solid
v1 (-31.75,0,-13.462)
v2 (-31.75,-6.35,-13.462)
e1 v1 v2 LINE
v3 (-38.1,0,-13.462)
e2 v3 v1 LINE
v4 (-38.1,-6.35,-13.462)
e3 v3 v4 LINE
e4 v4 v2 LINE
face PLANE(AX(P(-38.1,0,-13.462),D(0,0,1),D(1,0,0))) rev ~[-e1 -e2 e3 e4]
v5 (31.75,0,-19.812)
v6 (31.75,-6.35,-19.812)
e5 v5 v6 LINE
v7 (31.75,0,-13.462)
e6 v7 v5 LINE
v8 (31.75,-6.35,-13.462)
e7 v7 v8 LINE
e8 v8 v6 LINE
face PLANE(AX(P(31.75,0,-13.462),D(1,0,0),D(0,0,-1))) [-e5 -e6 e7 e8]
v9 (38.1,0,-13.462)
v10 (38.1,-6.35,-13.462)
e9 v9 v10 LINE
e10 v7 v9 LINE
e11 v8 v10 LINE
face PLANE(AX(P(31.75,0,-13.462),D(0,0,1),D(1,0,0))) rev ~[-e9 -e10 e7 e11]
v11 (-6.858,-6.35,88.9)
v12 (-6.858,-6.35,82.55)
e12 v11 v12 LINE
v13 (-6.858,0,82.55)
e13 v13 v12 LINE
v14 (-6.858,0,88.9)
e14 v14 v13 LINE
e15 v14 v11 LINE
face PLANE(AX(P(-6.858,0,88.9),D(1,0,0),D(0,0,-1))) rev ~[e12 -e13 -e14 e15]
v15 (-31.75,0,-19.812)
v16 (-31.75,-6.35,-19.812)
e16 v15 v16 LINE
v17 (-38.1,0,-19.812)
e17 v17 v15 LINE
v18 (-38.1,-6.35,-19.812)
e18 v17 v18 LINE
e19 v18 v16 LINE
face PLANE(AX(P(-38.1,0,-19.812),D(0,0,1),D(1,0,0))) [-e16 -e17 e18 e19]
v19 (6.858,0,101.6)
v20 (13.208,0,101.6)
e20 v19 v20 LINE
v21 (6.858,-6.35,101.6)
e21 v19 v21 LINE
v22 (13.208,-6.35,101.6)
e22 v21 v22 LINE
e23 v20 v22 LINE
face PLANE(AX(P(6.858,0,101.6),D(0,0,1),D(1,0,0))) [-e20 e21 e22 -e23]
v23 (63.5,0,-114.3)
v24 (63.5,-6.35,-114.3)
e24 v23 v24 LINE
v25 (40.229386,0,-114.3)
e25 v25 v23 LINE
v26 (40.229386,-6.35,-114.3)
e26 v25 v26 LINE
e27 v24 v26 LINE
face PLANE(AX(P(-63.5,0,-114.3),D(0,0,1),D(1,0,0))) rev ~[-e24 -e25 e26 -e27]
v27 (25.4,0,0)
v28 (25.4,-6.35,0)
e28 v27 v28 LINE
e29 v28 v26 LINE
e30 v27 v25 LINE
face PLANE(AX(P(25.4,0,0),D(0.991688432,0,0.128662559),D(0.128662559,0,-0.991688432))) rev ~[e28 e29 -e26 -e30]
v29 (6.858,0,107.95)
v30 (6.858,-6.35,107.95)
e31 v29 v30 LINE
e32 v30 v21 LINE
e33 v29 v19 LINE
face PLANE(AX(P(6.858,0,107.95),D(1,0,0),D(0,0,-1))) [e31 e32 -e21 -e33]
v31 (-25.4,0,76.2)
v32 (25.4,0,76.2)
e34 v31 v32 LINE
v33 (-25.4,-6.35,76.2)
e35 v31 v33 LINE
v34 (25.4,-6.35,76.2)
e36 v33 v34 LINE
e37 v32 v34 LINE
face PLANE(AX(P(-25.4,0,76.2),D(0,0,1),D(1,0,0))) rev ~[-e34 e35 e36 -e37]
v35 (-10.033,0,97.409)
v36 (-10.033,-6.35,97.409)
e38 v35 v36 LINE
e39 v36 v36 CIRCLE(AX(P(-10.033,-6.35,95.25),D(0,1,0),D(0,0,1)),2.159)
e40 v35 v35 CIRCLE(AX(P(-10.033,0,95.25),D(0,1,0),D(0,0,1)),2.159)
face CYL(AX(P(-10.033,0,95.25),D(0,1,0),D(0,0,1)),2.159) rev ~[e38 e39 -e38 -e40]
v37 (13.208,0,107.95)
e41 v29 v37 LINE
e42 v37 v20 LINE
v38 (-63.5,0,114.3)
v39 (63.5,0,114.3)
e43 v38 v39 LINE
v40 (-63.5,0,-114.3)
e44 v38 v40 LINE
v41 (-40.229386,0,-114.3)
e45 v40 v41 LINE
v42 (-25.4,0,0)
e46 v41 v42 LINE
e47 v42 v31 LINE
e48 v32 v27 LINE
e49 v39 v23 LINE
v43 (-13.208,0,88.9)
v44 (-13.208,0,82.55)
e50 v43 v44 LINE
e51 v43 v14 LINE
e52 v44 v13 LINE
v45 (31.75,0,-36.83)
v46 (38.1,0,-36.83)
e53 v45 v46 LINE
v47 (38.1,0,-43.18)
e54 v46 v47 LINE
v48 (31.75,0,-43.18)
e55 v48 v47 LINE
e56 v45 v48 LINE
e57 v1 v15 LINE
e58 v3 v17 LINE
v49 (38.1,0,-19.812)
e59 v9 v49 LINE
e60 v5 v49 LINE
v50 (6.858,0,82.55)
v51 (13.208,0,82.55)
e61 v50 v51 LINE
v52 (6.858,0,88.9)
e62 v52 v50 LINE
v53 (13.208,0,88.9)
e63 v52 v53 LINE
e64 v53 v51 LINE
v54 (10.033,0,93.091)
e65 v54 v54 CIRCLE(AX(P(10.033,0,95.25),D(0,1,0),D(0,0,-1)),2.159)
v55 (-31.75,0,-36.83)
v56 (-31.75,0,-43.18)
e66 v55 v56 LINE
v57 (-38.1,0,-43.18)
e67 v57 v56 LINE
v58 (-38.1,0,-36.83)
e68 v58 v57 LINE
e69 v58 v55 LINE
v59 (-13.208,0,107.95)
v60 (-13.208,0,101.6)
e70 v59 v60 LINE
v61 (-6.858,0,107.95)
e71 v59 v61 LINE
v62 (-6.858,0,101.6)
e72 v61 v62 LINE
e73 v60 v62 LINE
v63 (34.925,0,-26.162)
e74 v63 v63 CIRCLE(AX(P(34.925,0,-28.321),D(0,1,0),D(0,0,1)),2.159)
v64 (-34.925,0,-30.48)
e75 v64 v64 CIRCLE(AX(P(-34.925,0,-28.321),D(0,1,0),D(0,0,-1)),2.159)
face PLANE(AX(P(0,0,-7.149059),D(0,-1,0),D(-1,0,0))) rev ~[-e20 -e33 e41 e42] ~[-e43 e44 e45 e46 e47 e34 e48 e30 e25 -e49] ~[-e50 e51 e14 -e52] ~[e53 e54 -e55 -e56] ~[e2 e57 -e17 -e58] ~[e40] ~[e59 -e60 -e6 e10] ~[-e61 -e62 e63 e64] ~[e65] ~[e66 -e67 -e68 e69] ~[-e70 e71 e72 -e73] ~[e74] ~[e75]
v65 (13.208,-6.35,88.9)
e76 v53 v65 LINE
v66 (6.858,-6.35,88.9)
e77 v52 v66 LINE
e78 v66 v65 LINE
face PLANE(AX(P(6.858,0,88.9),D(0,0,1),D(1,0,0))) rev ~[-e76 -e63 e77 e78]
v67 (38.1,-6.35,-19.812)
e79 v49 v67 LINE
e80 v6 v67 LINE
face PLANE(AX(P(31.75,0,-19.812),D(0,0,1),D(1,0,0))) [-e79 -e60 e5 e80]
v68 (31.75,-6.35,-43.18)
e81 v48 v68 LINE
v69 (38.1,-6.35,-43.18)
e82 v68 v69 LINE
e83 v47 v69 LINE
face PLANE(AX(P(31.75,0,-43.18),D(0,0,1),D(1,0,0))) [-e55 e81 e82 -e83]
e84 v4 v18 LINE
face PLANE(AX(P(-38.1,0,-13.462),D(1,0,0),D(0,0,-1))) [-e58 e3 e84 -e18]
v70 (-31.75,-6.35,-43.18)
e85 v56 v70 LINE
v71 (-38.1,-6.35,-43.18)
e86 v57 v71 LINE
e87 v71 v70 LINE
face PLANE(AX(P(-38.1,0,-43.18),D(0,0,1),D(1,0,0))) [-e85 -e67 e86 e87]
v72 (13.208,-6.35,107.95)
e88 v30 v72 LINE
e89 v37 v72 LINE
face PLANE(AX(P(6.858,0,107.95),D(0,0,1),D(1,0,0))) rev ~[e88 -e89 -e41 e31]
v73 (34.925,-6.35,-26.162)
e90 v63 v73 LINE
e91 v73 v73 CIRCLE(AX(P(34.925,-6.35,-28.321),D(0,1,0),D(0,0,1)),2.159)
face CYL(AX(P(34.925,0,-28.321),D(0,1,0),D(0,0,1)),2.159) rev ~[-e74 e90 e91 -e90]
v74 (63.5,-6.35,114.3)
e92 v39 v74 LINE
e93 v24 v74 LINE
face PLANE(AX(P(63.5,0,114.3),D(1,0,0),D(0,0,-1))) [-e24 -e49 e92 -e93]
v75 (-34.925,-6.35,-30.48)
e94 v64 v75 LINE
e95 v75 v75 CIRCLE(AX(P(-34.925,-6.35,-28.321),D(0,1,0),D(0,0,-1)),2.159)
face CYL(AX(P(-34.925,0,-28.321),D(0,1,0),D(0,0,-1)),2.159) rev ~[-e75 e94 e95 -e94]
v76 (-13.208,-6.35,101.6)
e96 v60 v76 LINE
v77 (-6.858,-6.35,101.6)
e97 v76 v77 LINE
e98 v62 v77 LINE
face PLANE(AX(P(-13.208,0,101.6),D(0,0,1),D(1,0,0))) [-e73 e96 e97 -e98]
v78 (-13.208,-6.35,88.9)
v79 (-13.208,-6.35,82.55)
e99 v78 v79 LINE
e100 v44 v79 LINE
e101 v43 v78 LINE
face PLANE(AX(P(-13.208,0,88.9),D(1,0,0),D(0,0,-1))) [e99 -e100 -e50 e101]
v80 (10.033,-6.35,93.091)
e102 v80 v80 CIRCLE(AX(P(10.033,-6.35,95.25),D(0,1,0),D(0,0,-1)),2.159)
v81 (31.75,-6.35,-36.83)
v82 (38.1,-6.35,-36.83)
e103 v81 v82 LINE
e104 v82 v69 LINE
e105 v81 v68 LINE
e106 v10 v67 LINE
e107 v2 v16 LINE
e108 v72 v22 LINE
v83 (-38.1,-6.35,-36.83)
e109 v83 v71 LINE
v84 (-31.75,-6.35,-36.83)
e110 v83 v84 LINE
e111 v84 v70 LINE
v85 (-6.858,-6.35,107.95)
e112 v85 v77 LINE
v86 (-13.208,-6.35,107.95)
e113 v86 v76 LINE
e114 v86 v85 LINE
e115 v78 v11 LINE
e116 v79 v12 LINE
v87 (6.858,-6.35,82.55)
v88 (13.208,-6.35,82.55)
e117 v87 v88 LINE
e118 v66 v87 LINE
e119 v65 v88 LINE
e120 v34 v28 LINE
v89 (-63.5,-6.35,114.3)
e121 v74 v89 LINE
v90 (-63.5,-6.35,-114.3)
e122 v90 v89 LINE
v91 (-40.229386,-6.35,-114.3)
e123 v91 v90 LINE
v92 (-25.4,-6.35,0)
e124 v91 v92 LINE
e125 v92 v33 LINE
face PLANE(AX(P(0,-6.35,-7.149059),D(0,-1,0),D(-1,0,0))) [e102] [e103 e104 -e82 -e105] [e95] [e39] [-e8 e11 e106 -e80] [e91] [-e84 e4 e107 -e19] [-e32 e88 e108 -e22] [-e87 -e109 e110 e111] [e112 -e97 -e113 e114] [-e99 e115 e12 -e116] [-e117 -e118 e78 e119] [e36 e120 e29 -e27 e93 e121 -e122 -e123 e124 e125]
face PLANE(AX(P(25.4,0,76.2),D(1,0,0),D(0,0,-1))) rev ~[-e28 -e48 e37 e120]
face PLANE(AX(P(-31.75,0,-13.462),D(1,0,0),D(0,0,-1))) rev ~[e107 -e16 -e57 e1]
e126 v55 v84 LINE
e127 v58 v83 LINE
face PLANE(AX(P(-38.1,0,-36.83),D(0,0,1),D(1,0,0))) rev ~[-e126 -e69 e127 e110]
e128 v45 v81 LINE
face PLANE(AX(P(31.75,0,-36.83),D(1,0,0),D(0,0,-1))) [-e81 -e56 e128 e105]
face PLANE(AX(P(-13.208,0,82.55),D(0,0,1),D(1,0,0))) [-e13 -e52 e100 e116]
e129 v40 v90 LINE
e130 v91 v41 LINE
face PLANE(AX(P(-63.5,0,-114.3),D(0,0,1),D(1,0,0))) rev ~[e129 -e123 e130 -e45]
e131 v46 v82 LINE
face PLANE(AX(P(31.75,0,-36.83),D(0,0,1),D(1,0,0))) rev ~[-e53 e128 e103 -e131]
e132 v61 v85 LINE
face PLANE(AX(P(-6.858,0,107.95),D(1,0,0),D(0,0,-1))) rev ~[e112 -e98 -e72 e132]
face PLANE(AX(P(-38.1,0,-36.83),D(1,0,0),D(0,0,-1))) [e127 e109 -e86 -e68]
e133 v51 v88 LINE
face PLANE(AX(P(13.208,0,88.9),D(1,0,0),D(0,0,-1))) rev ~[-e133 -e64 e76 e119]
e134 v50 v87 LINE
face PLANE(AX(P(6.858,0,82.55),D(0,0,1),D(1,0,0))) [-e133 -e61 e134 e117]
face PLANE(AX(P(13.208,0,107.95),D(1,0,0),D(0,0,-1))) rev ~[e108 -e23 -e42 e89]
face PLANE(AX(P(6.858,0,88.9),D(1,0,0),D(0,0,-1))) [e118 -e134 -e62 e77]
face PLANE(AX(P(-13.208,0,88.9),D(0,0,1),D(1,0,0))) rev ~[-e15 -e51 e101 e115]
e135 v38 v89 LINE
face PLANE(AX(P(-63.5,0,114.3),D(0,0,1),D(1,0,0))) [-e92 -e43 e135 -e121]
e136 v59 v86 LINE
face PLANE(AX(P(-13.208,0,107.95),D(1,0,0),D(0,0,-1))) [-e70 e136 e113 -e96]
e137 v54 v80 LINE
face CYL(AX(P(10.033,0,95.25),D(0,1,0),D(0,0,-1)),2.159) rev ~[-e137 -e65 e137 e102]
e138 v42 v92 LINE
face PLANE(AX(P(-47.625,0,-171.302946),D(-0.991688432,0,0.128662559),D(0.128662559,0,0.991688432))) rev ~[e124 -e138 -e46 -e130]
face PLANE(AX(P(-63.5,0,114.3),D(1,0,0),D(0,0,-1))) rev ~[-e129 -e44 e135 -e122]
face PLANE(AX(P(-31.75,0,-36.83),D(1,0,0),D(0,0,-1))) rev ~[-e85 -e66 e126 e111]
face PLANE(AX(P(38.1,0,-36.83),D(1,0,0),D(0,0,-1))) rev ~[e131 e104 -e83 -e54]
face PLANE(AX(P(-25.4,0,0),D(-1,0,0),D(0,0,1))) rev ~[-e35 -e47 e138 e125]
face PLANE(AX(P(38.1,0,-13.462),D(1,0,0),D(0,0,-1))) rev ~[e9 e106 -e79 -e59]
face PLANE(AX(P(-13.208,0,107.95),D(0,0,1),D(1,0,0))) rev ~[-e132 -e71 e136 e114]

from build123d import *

# Parameters (mm, degrees)
BOTTOM_PLATE_R      = 2.159
BOTTOM_PLATE_R_2    = 2.794
BOTTOM_PLATE_W      = 25.4
BOTTOM_PLATE_H      = 101.6
BOTTOM_PLATE_W_2    = 6.35
BOTTOM_PLATE_H_2    = 6.35
BOSS_EXTRUDE1_DEPTH = 6.35
SKETCH1_W           = 508
SKETCH1_H           = 508
SKETCH1_W_2         = 127
SKETCH1_H_2         = 228.6
CUT_EXTRUDE1_DEPTH  = 25.4


with BuildPart() as part:
    # Bottom Plate → Boss-Extrude1 (new body)
    # profile 1 of 3: a face of its own
    with BuildSketch(Plane(origin=(0, 0, 0), x_dir=(1, 0, 0), z_dir=(0, 1, 0))):
        with BuildLine():
            Line((25.4, 0), (47.625, 171.302946195))
            ThreePointArc((47.625, 171.302946195), (0, -177.8), (-47.625, 171.302946195))
            Line((-47.625, 171.302946195), (-25.4, 0))
            Line((-25.4, 0), (-25.4, -76.2))
            Line((-25.4, -76.2), (25.4, -76.2))
            Line((25.4, -76.2), (25.4, 0))
        make_face()
        with Locations((128.515324336, 72.009)):
            Circle(BOTTOM_PLATE_R, mode=Mode.SUBTRACT)
        with Locations((128.515324336, -72.009)):
            Circle(BOTTOM_PLATE_R, mode=Mode.SUBTRACT)
        with Locations((54.082553747, 147.04477289)):
            Circle(BOTTOM_PLATE_R, mode=Mode.SUBTRACT)
        with Locations(Location((34.925, 28.321, 0), (0, 0, 270))):
            Circle(BOTTOM_PLATE_R, mode=Mode.SUBTRACT)
        with Locations(Location((-10.033, -95.25, 0), (0, 0, 270))):
            Circle(BOTTOM_PLATE_R, mode=Mode.SUBTRACT)
        with Locations((27.813, -127)):
            Circle(BOTTOM_PLATE_R_2, mode=Mode.SUBTRACT)
        with Locations((-27.813, -127)):
            Circle(BOTTOM_PLATE_R_2, mode=Mode.SUBTRACT)
        with Locations(Location((10.033, -95.25, 0), (0, 0, 90))):
            Circle(BOTTOM_PLATE_R, mode=Mode.SUBTRACT)
        with Locations(Location((-34.925, 28.321, 0), (0, 0, 90))):
            Circle(BOTTOM_PLATE_R, mode=Mode.SUBTRACT)
        with Locations((-128.515324336, -72.009)):
            Circle(BOTTOM_PLATE_R, mode=Mode.SUBTRACT)
        with Locations((-128.515324336, 72.009)):
            Circle(BOTTOM_PLATE_R, mode=Mode.SUBTRACT)
        with Locations((-54.082553747, 147.04477289)):
            Circle(BOTTOM_PLATE_R, mode=Mode.SUBTRACT)
        with Locations((144.390324336, 0)):
            Rectangle(BOTTOM_PLATE_W, BOTTOM_PLATE_H, mode=Mode.SUBTRACT)
        with Locations((-34.925, 40.005)):
            Rectangle(BOTTOM_PLATE_W_2, BOTTOM_PLATE_H_2, mode=Mode.SUBTRACT)
        with Locations((34.925, 16.637)):
            Rectangle(BOTTOM_PLATE_W_2, BOTTOM_PLATE_H_2, mode=Mode.SUBTRACT)
        with Locations((34.925, 40.005)):
            Rectangle(BOTTOM_PLATE_W_2, BOTTOM_PLATE_H_2, mode=Mode.SUBTRACT)
        with Locations((128.515324336, -60.325)):
            Rectangle(BOTTOM_PLATE_W_2, BOTTOM_PLATE_H_2, mode=Mode.SUBTRACT)
        with Locations((128.515324336, 60.325)):
            Rectangle(BOTTOM_PLATE_W_2, BOTTOM_PLATE_H_2, mode=Mode.SUBTRACT)
        with Locations((-34.925, 16.637)):
            Rectangle(BOTTOM_PLATE_W_2, BOTTOM_PLATE_H_2, mode=Mode.SUBTRACT)
        with Locations((-10.033, -85.725)):
            Rectangle(BOTTOM_PLATE_W_2, BOTTOM_PLATE_H_2, mode=Mode.SUBTRACT)
        with Locations((-10.033, -104.775)):
            Rectangle(BOTTOM_PLATE_W_2, BOTTOM_PLATE_H_2, mode=Mode.SUBTRACT)
        with Locations((10.033, -104.775)):
            Rectangle(BOTTOM_PLATE_W_2, BOTTOM_PLATE_H_2, mode=Mode.SUBTRACT)
        with Locations((10.033, -85.725)):
            Rectangle(BOTTOM_PLATE_W_2, BOTTOM_PLATE_H_2, mode=Mode.SUBTRACT)
        with Locations((-144.390324336, 0)):
            Rectangle(BOTTOM_PLATE_W, BOTTOM_PLATE_H, mode=Mode.SUBTRACT)
        with Locations((-128.515324336, -60.325)):
            Rectangle(BOTTOM_PLATE_W_2, BOTTOM_PLATE_H_2, mode=Mode.SUBTRACT)
        with Locations((-128.515324336, 60.325)):
            Rectangle(BOTTOM_PLATE_W_2, BOTTOM_PLATE_H_2, mode=Mode.SUBTRACT)
    # profile 2 of 3: a face of its own
    with BuildSketch(Plane(origin=(0, 0, 0), x_dir=(1, 0, 0), z_dir=(0, 1, 0))):
        Polygon((52.518937038, 159.669886307), (58.816158581, 158.852879058), (59.63316583, 165.1501006), (53.335944287, 165.967107849), align=None)
    # profile 3 of 3: a face of its own
    with BuildSketch(Plane(origin=(0, 0, 0), x_dir=(1, 0, 0), z_dir=(0, 1, 0))):
        Polygon((-58.816158581, 158.852879058), (-59.63316583, 165.1501006), (-53.335944287, 165.967107849), (-52.518937038, 159.669886307), align=None)
    extrude(amount=-BOSS_EXTRUDE1_DEPTH)

    # Sketch1 → Cut-Extrude1 (cut)
    with BuildSketch(Plane(origin=(0, 0, 0), x_dir=(1, 0, 0), z_dir=(0, 1, 0))):
        Rectangle(SKETCH1_W, SKETCH1_H)
        Rectangle(SKETCH1_W_2, SKETCH1_H_2, mode=Mode.SUBTRACT)
    extrude(amount=-CUT_EXTRUDE1_DEPTH, mode=Mode.SUBTRACT)


solid = part.part
